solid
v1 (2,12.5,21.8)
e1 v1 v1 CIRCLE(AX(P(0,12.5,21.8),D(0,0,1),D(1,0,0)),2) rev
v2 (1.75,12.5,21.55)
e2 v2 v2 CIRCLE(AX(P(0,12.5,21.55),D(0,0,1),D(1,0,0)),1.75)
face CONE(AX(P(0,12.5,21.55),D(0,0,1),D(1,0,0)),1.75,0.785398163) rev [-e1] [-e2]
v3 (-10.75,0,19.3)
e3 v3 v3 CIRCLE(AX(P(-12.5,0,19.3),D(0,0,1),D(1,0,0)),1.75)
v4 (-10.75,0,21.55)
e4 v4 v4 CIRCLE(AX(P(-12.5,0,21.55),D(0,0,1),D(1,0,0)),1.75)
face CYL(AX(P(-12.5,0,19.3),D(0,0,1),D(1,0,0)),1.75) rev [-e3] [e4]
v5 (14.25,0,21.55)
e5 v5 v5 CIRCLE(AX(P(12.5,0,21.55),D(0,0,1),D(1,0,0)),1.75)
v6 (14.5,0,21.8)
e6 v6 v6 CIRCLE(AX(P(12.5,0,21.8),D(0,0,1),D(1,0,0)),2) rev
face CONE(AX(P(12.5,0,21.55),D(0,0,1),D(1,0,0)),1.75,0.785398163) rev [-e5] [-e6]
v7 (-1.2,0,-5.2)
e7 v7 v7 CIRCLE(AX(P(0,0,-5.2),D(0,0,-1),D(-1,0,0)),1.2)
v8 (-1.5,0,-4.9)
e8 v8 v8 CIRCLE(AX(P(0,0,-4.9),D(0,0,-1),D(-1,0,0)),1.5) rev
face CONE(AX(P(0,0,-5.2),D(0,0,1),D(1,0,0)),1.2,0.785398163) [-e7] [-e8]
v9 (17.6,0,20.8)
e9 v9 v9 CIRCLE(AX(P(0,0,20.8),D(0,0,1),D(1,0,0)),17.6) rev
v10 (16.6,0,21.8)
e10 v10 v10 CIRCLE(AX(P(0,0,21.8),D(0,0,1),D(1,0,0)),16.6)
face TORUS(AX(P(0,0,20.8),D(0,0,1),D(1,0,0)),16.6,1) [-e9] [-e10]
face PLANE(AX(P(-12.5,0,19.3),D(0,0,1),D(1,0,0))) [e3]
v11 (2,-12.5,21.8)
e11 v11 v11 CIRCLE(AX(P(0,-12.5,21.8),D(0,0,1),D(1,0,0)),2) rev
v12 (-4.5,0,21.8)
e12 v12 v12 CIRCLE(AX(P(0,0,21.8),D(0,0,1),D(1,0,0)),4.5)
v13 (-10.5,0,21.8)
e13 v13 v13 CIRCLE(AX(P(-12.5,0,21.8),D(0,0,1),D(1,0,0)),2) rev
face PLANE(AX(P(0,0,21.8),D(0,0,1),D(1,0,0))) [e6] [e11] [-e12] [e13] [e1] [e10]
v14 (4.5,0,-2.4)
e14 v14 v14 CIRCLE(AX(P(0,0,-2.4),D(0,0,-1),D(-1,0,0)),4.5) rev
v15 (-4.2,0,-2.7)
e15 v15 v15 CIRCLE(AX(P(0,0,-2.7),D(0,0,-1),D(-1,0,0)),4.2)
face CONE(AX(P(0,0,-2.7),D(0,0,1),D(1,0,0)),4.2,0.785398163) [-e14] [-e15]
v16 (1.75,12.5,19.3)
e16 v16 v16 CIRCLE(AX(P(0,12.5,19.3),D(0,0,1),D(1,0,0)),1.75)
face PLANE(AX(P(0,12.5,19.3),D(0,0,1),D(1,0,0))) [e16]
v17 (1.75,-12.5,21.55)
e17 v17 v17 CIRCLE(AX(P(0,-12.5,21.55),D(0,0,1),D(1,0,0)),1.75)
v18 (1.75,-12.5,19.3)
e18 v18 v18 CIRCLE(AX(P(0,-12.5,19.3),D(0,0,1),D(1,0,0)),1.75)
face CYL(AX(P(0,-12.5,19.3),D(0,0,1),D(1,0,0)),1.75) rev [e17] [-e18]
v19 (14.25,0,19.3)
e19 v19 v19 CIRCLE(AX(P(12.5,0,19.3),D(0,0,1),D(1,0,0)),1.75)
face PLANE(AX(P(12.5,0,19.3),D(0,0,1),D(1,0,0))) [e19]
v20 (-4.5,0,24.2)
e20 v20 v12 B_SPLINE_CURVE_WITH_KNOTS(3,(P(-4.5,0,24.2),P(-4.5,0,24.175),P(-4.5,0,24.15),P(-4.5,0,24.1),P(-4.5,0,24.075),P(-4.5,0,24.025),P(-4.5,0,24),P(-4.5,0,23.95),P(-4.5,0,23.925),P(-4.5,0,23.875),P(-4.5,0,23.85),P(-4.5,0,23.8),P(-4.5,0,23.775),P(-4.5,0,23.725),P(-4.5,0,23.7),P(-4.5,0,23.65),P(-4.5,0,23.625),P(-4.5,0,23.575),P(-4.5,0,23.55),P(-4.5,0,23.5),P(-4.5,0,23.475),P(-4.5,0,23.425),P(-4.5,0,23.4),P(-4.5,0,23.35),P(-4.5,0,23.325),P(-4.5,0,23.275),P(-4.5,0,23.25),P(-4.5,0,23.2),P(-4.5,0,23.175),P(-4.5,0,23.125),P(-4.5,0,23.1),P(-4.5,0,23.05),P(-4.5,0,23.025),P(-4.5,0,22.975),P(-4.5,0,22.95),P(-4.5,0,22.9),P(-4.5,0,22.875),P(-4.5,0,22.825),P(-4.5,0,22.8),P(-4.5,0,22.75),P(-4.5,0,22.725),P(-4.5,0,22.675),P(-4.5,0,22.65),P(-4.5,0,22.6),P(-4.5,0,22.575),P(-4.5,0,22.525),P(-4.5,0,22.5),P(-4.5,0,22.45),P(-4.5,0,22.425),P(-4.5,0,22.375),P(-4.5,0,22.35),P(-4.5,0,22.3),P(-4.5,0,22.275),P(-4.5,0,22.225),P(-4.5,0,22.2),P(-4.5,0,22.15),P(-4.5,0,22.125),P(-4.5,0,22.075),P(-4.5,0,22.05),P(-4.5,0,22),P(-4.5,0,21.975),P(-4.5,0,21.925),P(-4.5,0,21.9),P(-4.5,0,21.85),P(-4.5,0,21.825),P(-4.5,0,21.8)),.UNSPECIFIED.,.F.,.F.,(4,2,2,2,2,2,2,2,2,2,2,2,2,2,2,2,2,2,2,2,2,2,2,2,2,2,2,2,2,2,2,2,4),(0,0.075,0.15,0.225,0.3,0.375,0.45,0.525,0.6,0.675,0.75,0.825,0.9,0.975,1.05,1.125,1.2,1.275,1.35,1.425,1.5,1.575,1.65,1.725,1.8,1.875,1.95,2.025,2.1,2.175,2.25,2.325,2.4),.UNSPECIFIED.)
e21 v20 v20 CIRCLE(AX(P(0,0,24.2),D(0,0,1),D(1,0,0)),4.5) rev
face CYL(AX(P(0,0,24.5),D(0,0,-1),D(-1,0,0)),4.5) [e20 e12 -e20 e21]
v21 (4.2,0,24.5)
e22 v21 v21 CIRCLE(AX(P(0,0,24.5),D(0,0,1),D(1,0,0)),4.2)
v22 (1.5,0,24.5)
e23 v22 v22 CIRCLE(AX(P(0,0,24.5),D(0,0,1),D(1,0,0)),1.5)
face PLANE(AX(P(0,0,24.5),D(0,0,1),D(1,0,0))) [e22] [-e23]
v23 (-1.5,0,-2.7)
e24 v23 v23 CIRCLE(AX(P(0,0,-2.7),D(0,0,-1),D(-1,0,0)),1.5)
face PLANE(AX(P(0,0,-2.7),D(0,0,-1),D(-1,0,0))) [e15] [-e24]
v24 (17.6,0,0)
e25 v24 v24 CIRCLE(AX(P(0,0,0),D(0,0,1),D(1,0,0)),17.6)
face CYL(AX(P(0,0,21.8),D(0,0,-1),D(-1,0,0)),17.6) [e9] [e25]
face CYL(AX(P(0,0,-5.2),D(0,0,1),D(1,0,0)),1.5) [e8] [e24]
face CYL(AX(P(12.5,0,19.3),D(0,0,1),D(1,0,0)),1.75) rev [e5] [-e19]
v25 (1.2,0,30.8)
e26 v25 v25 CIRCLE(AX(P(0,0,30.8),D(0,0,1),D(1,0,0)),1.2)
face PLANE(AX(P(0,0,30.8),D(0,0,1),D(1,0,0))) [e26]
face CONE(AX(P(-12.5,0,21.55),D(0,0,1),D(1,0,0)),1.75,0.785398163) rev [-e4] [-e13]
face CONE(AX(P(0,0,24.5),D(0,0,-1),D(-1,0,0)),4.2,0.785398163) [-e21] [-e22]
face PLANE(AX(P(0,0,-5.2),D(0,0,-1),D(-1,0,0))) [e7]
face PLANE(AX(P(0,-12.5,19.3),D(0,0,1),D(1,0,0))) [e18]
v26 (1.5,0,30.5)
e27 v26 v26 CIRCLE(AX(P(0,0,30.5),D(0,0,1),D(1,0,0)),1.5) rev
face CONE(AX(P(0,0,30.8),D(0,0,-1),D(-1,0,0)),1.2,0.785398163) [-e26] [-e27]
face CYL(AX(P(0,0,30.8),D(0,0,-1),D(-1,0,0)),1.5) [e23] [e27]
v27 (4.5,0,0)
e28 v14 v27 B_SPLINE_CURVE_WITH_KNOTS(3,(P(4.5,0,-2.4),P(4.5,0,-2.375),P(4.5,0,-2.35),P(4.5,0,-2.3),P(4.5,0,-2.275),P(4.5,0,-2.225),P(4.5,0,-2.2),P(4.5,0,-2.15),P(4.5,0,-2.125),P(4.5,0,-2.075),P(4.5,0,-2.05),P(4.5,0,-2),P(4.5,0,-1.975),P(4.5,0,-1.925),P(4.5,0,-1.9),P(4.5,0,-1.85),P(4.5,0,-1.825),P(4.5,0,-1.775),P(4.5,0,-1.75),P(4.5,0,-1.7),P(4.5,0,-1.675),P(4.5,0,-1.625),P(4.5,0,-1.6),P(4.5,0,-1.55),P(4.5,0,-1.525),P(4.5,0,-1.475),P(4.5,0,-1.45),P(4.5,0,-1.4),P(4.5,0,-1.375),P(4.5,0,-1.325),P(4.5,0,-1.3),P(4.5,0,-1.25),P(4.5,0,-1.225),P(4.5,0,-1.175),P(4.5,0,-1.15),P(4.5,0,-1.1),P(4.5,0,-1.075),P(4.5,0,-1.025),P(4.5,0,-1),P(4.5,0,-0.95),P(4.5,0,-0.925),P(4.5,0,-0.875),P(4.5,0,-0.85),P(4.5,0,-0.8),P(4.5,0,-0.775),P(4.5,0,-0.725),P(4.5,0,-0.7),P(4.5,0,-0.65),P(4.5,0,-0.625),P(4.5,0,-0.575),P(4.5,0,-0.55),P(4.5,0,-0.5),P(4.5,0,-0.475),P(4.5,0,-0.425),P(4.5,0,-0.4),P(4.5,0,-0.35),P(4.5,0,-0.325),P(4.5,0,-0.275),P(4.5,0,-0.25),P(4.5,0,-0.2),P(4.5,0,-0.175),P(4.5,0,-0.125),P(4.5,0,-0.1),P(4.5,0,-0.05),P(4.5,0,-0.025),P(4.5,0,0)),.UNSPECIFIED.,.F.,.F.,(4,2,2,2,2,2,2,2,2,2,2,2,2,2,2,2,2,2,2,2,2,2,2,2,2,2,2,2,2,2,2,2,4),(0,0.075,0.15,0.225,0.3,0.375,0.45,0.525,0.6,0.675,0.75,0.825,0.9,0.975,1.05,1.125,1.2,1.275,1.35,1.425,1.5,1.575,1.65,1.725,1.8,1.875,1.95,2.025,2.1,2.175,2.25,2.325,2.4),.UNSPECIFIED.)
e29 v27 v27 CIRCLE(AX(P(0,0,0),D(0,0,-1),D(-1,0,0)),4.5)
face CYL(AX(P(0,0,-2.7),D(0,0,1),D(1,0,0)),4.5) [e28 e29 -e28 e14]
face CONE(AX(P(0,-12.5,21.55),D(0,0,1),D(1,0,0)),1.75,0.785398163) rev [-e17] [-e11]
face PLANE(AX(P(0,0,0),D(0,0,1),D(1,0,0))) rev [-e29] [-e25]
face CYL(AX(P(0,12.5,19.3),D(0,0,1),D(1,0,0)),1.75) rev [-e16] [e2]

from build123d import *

# Parameters (mm, degrees)
SKETCH1_R           = 17.6
BOSS_EXTRUDE1_DEPTH = 21.8
SKETCH2_R           = 4.5
BOSS_EXTRUDE2_DEPTH = 2.7
SKETCH3_R           = 1.5
BOSS_EXTRUDE3_DEPTH = 6.3
BOSS_EXTRUDE4_START = 2.7
SKETCH4_R           = 4.5
BOSS_EXTRUDE4_DEPTH = 2.7
BOSS_EXTRUDE5_START = 2.5
SKETCH5_R           = 1.5
BOSS_EXTRUDE5_DEPTH = 2.5
SKETCH6_R           = 1.75
CUT_EXTRUDE1_DEPTH  = 2.5
CHAMFER1_SIZE       = 0.25
CHAMFER2_SIZE       = 0.3
FILLET1_R           = 1
CHAMFER3_SIZE       = 0.3


with BuildPart() as part:
    # Sketch1 → Boss-Extrude1 (new body)
    with BuildSketch(Plane.XY):
        Circle(SKETCH1_R)
    extrude(amount=BOSS_EXTRUDE1_DEPTH)

    # Sketch2 → Boss-Extrude2 (add)
    with BuildSketch(Plane.XY.offset(21.8)):
        with Locations(Location((0, 0, 0), (0, 0, 180))):
            Circle(SKETCH2_R)
    extrude(amount=BOSS_EXTRUDE2_DEPTH)

    # Sketch3 → Boss-Extrude3 (add)
    with BuildSketch(Plane.XY.offset(24.5)):
        Circle(SKETCH3_R)
    extrude(amount=BOSS_EXTRUDE3_DEPTH)

    # Sketch4 → Boss-Extrude4 (add)
    with BuildSketch(Plane(origin=(0, 0, 0), x_dir=(-1, 0, 0), z_dir=(0, 0, -1)).offset(BOSS_EXTRUDE4_START)):
        Circle(SKETCH4_R)
    extrude(amount=-BOSS_EXTRUDE4_DEPTH)

    # Sketch5 → Boss-Extrude5 (add)
    with BuildSketch(Plane(origin=(0, 0, -2.7), x_dir=(-1, 0, 0), z_dir=(0, 0, -1)).offset(BOSS_EXTRUDE5_START)):
        with Locations(Location((0, 0, 0), (0, 0, 180))):
            Circle(SKETCH5_R)
    extrude(amount=-BOSS_EXTRUDE5_DEPTH)

    # Sketch6 → Cut-Extrude1 (cut)
    with BuildSketch(Plane.XY.offset(21.8)):
        with Locations((0, 12.5)):
            Circle(SKETCH6_R)
        with Locations((12.5, 0)):
            Circle(SKETCH6_R)
        with Locations((0, -12.5)):
            Circle(SKETCH6_R)
        with Locations((-12.5, 0)):
            Circle(SKETCH6_R)
    extrude(amount=-CUT_EXTRUDE1_DEPTH, mode=Mode.SUBTRACT)

    # Chamfer1
    chamfer1_edges = [part.edges().sort_by_distance(p)[0] for p in [
        (-1.75, 12.5, 21.8),
        (10.75, 0, 21.8),
        (-1.75, -12.5, 21.8),
        (-14.25, 0, 21.8),
    ]]
    chamfer(chamfer1_edges, length=CHAMFER1_SIZE)

    # Chamfer2
    chamfer2_edges = [part.edges().sort_by_distance(p)[0] for p in [
        (4.5, 0, -2.7),
        (4.5, 0, 24.5),
    ]]
    chamfer(chamfer2_edges, length=CHAMFER2_SIZE)

    # Fillet1
    fillet1_edges = [part.edges().sort_by_distance(p)[0] for p in [
        (-17.6, 0, 21.8),
    ]]
    fillet(fillet1_edges, radius=FILLET1_R)

    # Chamfer3
    chamfer3_edges = [part.edges().sort_by_distance(p)[0] for p in [
        (-1.5, 0, 30.8),
        (-1.5, 0, -5.2),
    ]]
    chamfer(chamfer3_edges, length=CHAMFER3_SIZE)


solid = part.part
